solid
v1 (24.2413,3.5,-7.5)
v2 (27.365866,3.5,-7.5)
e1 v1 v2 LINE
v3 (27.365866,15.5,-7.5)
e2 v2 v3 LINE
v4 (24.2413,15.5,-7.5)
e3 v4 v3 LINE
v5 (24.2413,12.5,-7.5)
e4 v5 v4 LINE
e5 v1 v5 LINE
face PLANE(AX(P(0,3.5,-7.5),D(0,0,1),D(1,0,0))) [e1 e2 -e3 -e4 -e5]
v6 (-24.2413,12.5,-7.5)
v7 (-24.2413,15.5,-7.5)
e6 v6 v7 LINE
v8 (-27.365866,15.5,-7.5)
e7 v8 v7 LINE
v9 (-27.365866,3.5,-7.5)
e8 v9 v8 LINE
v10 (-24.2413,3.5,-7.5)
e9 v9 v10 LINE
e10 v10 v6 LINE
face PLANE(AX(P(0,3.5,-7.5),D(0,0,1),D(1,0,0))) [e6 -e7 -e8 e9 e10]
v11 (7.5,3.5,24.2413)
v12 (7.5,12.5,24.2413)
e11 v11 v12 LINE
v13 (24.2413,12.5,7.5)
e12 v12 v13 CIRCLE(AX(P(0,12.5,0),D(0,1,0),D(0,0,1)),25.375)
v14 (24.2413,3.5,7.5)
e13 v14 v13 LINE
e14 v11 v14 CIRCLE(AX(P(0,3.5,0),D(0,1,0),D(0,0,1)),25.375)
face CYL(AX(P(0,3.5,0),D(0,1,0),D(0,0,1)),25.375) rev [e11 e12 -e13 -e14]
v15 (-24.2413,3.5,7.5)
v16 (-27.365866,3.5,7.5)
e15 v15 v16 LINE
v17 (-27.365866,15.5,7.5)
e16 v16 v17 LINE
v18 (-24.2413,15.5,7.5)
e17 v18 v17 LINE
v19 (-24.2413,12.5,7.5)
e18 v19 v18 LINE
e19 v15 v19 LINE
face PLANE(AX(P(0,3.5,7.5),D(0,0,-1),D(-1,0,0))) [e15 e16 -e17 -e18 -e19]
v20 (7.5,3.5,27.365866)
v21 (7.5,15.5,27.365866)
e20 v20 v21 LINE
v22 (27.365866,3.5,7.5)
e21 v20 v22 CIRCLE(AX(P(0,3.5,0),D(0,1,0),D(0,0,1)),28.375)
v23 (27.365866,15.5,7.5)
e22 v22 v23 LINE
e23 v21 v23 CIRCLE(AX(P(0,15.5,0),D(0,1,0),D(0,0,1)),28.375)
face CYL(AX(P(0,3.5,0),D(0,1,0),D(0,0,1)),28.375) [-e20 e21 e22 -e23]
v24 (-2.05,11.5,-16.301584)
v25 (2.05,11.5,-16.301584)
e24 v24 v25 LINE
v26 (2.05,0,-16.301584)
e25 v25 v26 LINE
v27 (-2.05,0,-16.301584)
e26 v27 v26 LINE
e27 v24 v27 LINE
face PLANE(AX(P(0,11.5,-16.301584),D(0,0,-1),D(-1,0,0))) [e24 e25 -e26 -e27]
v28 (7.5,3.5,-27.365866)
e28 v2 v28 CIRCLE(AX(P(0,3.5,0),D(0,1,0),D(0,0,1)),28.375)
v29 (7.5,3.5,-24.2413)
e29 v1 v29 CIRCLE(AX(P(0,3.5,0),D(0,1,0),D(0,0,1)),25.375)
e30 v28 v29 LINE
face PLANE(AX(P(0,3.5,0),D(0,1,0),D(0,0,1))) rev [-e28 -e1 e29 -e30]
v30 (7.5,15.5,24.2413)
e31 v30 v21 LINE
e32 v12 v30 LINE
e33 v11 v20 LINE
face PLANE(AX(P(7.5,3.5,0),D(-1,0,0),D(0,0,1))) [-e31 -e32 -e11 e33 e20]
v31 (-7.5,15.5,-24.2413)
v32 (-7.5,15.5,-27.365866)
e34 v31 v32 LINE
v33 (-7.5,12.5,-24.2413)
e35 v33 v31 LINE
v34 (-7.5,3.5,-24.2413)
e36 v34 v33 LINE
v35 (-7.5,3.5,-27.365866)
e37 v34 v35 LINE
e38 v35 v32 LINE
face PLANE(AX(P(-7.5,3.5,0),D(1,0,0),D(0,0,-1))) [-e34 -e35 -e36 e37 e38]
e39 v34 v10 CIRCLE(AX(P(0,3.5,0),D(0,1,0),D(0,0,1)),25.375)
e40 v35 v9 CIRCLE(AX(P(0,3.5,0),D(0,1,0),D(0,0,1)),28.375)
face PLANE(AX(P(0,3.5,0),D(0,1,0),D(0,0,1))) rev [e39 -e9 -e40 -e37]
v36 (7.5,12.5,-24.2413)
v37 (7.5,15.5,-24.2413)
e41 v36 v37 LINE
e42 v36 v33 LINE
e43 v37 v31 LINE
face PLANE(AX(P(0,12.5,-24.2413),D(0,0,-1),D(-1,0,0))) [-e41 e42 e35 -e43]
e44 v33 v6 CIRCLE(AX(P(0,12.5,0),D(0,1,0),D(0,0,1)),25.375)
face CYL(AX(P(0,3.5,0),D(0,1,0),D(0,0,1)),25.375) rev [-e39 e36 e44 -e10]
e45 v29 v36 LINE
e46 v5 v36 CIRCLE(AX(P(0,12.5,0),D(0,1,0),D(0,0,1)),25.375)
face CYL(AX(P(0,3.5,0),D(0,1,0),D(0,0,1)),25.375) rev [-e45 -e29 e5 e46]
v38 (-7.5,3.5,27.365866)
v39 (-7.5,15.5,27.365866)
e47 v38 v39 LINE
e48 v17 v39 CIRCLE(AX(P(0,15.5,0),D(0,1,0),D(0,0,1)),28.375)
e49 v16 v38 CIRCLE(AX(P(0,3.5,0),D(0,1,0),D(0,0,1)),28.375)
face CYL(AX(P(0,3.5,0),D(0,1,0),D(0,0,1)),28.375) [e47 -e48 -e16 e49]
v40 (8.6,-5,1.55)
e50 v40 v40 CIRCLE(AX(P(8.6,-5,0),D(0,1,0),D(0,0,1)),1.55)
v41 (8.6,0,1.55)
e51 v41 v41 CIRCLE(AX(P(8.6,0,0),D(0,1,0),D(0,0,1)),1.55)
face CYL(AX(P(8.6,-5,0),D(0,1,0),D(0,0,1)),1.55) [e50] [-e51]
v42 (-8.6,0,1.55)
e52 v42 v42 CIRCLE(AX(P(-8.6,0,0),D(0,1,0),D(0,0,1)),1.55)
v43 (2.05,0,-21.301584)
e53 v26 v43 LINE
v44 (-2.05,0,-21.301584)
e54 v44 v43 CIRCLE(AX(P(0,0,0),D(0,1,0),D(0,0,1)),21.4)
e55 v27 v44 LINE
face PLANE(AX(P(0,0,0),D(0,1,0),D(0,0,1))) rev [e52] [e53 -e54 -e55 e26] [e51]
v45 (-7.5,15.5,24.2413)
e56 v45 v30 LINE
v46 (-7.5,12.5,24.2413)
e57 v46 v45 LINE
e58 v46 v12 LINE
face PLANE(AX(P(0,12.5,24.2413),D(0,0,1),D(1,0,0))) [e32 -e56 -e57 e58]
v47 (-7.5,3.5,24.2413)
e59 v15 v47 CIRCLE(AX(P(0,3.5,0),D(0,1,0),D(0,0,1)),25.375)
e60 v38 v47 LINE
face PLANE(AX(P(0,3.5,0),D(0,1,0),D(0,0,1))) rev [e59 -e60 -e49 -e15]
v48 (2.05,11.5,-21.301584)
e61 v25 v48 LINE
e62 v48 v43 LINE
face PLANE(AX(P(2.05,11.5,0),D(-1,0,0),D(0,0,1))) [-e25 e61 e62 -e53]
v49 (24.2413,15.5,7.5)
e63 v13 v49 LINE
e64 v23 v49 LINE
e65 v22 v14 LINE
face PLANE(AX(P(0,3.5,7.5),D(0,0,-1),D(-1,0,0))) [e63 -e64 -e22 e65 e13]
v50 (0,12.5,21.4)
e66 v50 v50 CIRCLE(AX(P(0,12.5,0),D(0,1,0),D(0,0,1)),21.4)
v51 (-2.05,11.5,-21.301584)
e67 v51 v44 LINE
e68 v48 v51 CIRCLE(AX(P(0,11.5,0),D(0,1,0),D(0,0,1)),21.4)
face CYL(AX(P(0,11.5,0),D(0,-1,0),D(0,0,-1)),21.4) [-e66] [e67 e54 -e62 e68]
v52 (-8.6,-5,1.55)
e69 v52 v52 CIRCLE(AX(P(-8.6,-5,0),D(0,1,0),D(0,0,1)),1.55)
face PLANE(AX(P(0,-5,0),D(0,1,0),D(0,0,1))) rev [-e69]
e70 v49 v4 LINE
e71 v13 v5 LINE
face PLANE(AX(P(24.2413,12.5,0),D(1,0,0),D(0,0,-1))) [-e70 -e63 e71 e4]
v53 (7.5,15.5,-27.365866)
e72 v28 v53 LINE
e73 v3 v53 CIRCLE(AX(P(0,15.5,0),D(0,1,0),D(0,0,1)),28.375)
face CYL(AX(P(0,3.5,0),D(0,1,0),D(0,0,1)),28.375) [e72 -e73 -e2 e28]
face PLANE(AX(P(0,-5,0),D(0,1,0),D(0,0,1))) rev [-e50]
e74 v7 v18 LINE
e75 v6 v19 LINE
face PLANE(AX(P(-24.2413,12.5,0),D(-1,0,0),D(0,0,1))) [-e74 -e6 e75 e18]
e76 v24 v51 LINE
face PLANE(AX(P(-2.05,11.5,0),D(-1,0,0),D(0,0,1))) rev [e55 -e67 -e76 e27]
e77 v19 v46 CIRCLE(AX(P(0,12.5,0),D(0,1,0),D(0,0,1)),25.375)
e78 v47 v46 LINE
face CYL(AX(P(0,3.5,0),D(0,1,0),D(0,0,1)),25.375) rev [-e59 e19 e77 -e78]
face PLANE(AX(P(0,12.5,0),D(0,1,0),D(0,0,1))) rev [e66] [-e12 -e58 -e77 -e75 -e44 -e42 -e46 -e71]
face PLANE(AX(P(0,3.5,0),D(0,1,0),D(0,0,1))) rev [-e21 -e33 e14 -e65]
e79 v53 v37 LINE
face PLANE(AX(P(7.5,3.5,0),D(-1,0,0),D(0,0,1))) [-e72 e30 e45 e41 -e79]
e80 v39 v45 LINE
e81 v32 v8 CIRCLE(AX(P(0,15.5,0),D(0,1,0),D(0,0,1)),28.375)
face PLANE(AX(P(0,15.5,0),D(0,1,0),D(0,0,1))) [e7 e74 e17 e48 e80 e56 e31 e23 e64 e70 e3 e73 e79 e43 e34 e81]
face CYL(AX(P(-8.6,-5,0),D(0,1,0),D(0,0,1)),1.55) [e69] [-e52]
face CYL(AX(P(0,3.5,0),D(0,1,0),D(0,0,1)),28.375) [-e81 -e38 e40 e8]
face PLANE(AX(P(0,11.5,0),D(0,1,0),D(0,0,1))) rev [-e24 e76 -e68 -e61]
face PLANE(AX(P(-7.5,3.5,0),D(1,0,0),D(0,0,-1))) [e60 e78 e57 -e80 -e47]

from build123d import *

# Parameters (mm, degrees)
SKETCH1_R                = 1.55
BOSS_EXTRUDE1_DEPTH      = 11.5
SKETCH1_3_R              = 1.55
BOSS_EXTRUDE2_DEPTH      = 11.5
BOSS_EXTRUDE2_DEPTH_BACK = 5
BOSS_EXTRUDE3_START      = 11.5
SKETCH2_R                = 21.4
SKETCH2_R_2              = 18.4
BOSS_EXTRUDE3_DEPTH      = 4
BOSS_EXTRUDE4_START      = 15.5
SKETCH2_3_R              = 21.4
BOSS_EXTRUDE4_DEPTH      = 3
BOSS_EXTRUDE5_START      = 15.5
BOSS_EXTRUDE5_DEPTH      = 12


with BuildPart() as part:
    # Sketch1 → Boss-Extrude1 (new body)
    with BuildSketch(Plane(origin=(0, 0, 0), x_dir=(1, 0, 0), z_dir=(0, 1, 0))):
        with BuildLine():
            Line((2.05, 16.301584448), (-2.05, 16.301584448))
            Line((-2.05, 16.301584448), (-2.05, 21.301584448))
            ThreePointArc((-2.05, 21.301584448), (0, -21.4), (2.05, 21.301584448))
            Line((2.05, 21.301584448), (2.05, 16.301584448))
        make_face()
        with Locations(Location((-8.6, 0, 0), (0, 0, 270))):
            Circle(SKETCH1_R, mode=Mode.SUBTRACT)
        with Locations(Location((8.6, 0, 0), (0, 0, 270))):
            Circle(SKETCH1_R, mode=Mode.SUBTRACT)
    extrude(amount=BOSS_EXTRUDE1_DEPTH)

    # Sketch1<3> → Boss-Extrude2 (add, two sides)
    with BuildSketch(Plane(origin=(0, 0, 0), x_dir=(1, 0, 0), z_dir=(0, 1, 0))) as boss_extrude2_sk:
        with Locations(Location((-8.6, 0, 0), (0, 0, 270))):
            Circle(SKETCH1_3_R)
        with Locations(Location((8.6, 0, 0), (0, 0, 270))):
            Circle(SKETCH1_3_R)
    extrude(amount=BOSS_EXTRUDE2_DEPTH)
    extrude(boss_extrude2_sk.sketch, amount=-BOSS_EXTRUDE2_DEPTH_BACK)

    # Sketch2 → Boss-Extrude3 (add)
    with BuildSketch(Plane(origin=(0, 0, 0), x_dir=(1, 0, 0), z_dir=(0, 1, 0)).offset(BOSS_EXTRUDE3_START)):
        with Locations(Location((0, 0, 0), (0, 0, 84.502956314))):
            Circle(SKETCH2_R)
        Circle(SKETCH2_R_2, mode=Mode.SUBTRACT)
        Circle(SKETCH2_R_2)
    extrude(amount=BOSS_EXTRUDE3_DEPTH)

    # Sketch2<3> → Boss-Extrude4 (add)
    with BuildSketch(Plane(origin=(0, 0, 0), x_dir=(1, 0, 0), z_dir=(0, 1, 0)).offset(BOSS_EXTRUDE4_START)):
        with BuildLine():
            Line((7.5, 24.241299986), (-7.5, 24.241299986))
            ThreePointArc((-7.5, 24.241299986), (-17.942834573, 17.942834573), (-24.241299986, 7.5))
            Line((-24.241299986, 7.5), (-24.241299986, -7.5))
            ThreePointArc((-24.241299986, -7.5), (-17.942834573, -17.942834573), (-7.5, -24.241299986))
            Line((-7.5, -24.241299986), (7.5, -24.241299986))
            ThreePointArc((7.5, -24.241299986), (17.942834573, -17.942834573), (24.241299986, -7.5))
            Line((24.241299986, -7.5), (24.241299986, 7.5))
            ThreePointArc((24.241299986, 7.5), (17.942834573, 17.942834573), (7.5, 24.241299986))
        make_face()
        with Locations(Location((0, 0, 0), (0, 0, 84.502956314))):
            Circle(SKETCH2_3_R, mode=Mode.SUBTRACT)
    extrude(amount=-BOSS_EXTRUDE4_DEPTH)

    # Sketch2<4> → Boss-Extrude5 (add)
    with BuildSketch(Plane(origin=(0, 0, 0), x_dir=(1, 0, 0), z_dir=(0, 1, 0)).offset(BOSS_EXTRUDE5_START)):
        with BuildLine():
            Line((-7.5, 24.241299986), (-7.5, 27.365866056))
            ThreePointArc((-7.5, 27.365866056), (-20.064154916, 20.064154916), (-27.365866056, 7.5))
            Line((-27.365866056, 7.5), (-24.241299986, 7.5))
            ThreePointArc((-24.241299986, 7.5), (-17.942834573, 17.942834573), (-7.5, 24.241299986))
        make_face()
        with BuildLine():
            ThreePointArc((27.365866056, 7.5), (20.064154916, 20.064154916), (7.5, 27.365866056))
            Line((7.5, 27.365866056), (7.5, 24.241299986))
            ThreePointArc((7.5, 24.241299986), (17.942834573, 17.942834573), (24.241299986, 7.5))
            Line((24.241299986, 7.5), (27.365866056, 7.5))
        make_face()
        with BuildLine():
            Line((-24.241299986, -7.5), (-27.365866056, -7.5))
            ThreePointArc((-27.365866056, -7.5), (-20.064154916, -20.064154916), (-7.5, -27.365866056))
            Line((-7.5, -27.365866056), (-7.5, -24.241299986))
            ThreePointArc((-7.5, -24.241299986), (-17.942834573, -17.942834573), (-24.241299986, -7.5))
        make_face()
        with BuildLine():
            Line((27.365866056, -7.5), (24.241299986, -7.5))
            ThreePointArc((24.241299986, -7.5), (17.942834573, -17.942834573), (7.5, -24.241299986))
            Line((7.5, -24.241299986), (7.5, -27.365866056))
            ThreePointArc((7.5, -27.365866056), (20.064154916, -20.064154916), (27.365866056, -7.5))
        make_face()
    extrude(amount=-BOSS_EXTRUDE5_DEPTH)


solid = part.part
